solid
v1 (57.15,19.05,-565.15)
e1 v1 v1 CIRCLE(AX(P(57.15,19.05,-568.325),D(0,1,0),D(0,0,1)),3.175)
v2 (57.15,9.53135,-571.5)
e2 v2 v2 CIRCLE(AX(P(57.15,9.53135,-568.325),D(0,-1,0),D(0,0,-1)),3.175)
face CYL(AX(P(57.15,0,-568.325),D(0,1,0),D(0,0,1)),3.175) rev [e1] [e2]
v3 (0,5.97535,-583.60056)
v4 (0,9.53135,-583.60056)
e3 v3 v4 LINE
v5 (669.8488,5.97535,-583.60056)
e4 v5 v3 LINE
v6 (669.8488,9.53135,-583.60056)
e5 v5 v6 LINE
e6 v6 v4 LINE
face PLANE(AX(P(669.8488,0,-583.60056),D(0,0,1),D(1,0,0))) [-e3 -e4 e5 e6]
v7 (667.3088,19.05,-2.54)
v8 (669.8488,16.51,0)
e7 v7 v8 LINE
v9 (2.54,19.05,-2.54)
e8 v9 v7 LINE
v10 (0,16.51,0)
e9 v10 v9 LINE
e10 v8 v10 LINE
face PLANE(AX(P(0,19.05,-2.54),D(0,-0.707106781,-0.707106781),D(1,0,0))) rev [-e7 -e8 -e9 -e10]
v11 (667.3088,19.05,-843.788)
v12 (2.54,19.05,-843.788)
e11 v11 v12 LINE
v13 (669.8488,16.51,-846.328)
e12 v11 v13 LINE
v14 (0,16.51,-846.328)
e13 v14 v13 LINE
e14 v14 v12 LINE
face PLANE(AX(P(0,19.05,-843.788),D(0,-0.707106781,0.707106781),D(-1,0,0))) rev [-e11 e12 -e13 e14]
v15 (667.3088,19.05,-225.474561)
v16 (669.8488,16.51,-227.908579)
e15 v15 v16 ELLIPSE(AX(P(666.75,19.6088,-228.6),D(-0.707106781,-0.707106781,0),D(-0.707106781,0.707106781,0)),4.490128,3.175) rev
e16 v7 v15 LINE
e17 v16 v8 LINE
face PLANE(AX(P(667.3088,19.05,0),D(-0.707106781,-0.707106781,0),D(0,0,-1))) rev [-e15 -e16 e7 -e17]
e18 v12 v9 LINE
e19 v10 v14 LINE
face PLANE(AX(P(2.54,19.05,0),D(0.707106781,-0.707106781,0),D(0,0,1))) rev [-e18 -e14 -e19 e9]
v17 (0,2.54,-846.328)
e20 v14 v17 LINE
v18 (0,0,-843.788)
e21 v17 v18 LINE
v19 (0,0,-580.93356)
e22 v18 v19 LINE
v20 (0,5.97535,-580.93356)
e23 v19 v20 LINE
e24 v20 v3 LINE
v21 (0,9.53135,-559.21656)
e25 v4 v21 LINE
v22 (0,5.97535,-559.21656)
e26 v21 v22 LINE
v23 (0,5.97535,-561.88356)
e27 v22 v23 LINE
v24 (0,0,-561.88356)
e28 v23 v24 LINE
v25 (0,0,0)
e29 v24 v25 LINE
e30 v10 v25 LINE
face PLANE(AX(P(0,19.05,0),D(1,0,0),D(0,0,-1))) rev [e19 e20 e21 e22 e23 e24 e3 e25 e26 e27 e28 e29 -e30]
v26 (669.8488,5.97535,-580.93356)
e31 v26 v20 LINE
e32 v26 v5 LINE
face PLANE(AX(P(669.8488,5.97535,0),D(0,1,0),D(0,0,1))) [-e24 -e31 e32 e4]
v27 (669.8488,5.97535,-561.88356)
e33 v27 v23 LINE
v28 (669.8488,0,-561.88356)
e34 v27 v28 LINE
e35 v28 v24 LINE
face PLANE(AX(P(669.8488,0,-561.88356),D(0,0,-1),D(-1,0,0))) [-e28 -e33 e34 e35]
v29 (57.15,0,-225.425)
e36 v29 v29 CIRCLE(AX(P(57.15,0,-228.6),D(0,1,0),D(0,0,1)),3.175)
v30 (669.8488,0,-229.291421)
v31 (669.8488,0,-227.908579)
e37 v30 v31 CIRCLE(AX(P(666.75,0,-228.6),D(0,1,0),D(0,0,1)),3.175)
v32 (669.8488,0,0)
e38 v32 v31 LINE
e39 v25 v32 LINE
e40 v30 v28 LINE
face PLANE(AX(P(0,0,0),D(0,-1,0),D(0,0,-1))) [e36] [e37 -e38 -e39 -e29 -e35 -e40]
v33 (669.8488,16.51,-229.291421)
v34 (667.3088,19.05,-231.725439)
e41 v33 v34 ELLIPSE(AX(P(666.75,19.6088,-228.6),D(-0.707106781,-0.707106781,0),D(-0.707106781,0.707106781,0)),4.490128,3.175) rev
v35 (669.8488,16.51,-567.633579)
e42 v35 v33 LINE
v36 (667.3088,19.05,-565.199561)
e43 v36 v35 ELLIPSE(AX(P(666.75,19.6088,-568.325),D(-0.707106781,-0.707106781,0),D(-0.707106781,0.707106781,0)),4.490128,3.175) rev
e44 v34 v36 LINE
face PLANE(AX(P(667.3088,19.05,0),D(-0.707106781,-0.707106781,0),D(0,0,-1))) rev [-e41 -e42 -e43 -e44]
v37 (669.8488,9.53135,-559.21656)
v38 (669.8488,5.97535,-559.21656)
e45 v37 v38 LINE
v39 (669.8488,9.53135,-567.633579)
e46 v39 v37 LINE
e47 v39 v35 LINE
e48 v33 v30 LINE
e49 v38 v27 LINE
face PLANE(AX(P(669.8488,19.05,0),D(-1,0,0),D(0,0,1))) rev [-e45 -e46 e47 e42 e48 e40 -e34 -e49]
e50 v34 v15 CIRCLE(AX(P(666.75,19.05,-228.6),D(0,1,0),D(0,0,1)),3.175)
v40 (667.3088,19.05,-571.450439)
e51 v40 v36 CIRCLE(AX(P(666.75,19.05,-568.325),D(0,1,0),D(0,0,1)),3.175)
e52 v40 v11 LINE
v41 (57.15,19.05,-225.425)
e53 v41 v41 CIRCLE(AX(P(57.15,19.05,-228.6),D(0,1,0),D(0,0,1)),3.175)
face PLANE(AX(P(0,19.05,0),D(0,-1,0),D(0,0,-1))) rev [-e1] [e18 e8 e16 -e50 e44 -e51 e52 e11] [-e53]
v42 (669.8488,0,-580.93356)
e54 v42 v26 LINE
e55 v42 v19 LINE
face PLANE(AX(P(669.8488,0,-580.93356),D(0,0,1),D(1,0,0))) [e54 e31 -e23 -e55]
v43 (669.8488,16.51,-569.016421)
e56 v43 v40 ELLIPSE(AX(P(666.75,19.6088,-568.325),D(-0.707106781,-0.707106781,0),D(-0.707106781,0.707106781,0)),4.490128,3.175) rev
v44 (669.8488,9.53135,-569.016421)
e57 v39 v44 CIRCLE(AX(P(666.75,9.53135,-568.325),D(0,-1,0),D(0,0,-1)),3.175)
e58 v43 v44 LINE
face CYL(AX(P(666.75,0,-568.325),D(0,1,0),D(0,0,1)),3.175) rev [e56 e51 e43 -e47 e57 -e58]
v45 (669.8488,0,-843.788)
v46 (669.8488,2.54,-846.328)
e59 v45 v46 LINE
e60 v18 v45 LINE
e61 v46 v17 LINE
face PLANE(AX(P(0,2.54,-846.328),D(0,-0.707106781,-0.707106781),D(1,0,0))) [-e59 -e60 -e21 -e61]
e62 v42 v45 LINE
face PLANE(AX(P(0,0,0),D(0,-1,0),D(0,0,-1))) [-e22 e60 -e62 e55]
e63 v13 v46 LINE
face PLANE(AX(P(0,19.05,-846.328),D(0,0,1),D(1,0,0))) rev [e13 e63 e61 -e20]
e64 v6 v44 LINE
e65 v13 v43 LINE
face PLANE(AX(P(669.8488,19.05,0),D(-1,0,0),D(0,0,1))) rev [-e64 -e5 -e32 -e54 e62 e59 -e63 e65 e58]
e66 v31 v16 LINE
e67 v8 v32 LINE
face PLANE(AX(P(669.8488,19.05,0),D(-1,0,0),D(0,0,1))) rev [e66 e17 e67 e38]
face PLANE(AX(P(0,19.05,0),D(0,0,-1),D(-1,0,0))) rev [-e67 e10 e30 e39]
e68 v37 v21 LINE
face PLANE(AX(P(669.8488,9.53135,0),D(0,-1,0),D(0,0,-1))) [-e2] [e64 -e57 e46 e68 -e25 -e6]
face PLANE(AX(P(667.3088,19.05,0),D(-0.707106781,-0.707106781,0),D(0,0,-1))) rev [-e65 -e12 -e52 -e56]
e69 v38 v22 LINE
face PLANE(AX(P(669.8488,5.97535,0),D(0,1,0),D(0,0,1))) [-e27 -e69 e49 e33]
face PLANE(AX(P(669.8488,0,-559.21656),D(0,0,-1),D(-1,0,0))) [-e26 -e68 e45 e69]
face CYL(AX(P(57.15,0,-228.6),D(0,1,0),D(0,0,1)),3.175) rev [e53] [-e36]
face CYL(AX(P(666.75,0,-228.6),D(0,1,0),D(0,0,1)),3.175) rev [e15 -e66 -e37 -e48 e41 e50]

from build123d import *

# Parameters (mm, degrees)
SKETCH1_W           = 669.8488
SKETCH1_H           = 846.328
BOSS_EXTRUDE1_DEPTH = 19.05
CHAMFER1_SIZE       = 2.54
CHAMFER2_SIZE       = 2.54
CUT_EXTRUDE2_DEPTH  = 670.8488
SKETCH2_R           = 3.175
CUT_EXTRUDE3_DEPTH  = 20.05


with BuildPart() as part:
    # Sketch1 → Boss-Extrude1 (new body)
    with BuildSketch(Plane(origin=(0, 0, 0), x_dir=(1, 0, 0), z_dir=(0, 1, 0))):
        with Locations((334.9244, 423.164)):
            Rectangle(SKETCH1_W, SKETCH1_H)
    extrude(amount=BOSS_EXTRUDE1_DEPTH)

    # Chamfer1
    chamfer1_edges = [part.edges().sort_by_distance(p)[0] for p in [
        (669.8488, 19.05, -423.164),
        (334.9244, 19.05, -846.328),
        (0, 19.05, -423.164),
        (334.9244, 19.05, 0),
    ]]
    chamfer(chamfer1_edges, length=CHAMFER1_SIZE)

    # Chamfer2
    chamfer2_edges = [part.edges().sort_by_distance(p)[0] for p in [
        (334.9244, 0, -846.328),
    ]]
    chamfer(chamfer2_edges, length=CHAMFER2_SIZE)

    # Sketch3 → Cut-Extrude2 (cut, through all)
    with BuildSketch(Plane.ZY):
        Polygon((-580.93356, 5.97535), (-580.93356, 0), (-561.88356, 0), (-561.88356, 5.97535), (-559.21656, 5.97535), (-559.21656, 9.53135), (-583.60056, 9.53135), (-583.60056, 5.97535), align=None)
    extrude(amount=-CUT_EXTRUDE2_DEPTH, mode=Mode.SUBTRACT)

    # Sketch2 → Cut-Extrude3 (cut, through all)
    with BuildSketch(Plane(origin=(0, 19.05, 0), x_dir=(1, 0, 0), z_dir=(0, 1, 0))):
        with Locations((57.15, 568.325)):
            Circle(SKETCH2_R)
        with Locations((57.15, 228.6)):
            Circle(SKETCH2_R)
        with Locations((666.75, 568.325)):
            Circle(SKETCH2_R)
        with Locations((666.75, 228.6)):
            Circle(SKETCH2_R)
    extrude(amount=-CUT_EXTRUDE3_DEPTH, mode=Mode.SUBTRACT)


solid = part.part
